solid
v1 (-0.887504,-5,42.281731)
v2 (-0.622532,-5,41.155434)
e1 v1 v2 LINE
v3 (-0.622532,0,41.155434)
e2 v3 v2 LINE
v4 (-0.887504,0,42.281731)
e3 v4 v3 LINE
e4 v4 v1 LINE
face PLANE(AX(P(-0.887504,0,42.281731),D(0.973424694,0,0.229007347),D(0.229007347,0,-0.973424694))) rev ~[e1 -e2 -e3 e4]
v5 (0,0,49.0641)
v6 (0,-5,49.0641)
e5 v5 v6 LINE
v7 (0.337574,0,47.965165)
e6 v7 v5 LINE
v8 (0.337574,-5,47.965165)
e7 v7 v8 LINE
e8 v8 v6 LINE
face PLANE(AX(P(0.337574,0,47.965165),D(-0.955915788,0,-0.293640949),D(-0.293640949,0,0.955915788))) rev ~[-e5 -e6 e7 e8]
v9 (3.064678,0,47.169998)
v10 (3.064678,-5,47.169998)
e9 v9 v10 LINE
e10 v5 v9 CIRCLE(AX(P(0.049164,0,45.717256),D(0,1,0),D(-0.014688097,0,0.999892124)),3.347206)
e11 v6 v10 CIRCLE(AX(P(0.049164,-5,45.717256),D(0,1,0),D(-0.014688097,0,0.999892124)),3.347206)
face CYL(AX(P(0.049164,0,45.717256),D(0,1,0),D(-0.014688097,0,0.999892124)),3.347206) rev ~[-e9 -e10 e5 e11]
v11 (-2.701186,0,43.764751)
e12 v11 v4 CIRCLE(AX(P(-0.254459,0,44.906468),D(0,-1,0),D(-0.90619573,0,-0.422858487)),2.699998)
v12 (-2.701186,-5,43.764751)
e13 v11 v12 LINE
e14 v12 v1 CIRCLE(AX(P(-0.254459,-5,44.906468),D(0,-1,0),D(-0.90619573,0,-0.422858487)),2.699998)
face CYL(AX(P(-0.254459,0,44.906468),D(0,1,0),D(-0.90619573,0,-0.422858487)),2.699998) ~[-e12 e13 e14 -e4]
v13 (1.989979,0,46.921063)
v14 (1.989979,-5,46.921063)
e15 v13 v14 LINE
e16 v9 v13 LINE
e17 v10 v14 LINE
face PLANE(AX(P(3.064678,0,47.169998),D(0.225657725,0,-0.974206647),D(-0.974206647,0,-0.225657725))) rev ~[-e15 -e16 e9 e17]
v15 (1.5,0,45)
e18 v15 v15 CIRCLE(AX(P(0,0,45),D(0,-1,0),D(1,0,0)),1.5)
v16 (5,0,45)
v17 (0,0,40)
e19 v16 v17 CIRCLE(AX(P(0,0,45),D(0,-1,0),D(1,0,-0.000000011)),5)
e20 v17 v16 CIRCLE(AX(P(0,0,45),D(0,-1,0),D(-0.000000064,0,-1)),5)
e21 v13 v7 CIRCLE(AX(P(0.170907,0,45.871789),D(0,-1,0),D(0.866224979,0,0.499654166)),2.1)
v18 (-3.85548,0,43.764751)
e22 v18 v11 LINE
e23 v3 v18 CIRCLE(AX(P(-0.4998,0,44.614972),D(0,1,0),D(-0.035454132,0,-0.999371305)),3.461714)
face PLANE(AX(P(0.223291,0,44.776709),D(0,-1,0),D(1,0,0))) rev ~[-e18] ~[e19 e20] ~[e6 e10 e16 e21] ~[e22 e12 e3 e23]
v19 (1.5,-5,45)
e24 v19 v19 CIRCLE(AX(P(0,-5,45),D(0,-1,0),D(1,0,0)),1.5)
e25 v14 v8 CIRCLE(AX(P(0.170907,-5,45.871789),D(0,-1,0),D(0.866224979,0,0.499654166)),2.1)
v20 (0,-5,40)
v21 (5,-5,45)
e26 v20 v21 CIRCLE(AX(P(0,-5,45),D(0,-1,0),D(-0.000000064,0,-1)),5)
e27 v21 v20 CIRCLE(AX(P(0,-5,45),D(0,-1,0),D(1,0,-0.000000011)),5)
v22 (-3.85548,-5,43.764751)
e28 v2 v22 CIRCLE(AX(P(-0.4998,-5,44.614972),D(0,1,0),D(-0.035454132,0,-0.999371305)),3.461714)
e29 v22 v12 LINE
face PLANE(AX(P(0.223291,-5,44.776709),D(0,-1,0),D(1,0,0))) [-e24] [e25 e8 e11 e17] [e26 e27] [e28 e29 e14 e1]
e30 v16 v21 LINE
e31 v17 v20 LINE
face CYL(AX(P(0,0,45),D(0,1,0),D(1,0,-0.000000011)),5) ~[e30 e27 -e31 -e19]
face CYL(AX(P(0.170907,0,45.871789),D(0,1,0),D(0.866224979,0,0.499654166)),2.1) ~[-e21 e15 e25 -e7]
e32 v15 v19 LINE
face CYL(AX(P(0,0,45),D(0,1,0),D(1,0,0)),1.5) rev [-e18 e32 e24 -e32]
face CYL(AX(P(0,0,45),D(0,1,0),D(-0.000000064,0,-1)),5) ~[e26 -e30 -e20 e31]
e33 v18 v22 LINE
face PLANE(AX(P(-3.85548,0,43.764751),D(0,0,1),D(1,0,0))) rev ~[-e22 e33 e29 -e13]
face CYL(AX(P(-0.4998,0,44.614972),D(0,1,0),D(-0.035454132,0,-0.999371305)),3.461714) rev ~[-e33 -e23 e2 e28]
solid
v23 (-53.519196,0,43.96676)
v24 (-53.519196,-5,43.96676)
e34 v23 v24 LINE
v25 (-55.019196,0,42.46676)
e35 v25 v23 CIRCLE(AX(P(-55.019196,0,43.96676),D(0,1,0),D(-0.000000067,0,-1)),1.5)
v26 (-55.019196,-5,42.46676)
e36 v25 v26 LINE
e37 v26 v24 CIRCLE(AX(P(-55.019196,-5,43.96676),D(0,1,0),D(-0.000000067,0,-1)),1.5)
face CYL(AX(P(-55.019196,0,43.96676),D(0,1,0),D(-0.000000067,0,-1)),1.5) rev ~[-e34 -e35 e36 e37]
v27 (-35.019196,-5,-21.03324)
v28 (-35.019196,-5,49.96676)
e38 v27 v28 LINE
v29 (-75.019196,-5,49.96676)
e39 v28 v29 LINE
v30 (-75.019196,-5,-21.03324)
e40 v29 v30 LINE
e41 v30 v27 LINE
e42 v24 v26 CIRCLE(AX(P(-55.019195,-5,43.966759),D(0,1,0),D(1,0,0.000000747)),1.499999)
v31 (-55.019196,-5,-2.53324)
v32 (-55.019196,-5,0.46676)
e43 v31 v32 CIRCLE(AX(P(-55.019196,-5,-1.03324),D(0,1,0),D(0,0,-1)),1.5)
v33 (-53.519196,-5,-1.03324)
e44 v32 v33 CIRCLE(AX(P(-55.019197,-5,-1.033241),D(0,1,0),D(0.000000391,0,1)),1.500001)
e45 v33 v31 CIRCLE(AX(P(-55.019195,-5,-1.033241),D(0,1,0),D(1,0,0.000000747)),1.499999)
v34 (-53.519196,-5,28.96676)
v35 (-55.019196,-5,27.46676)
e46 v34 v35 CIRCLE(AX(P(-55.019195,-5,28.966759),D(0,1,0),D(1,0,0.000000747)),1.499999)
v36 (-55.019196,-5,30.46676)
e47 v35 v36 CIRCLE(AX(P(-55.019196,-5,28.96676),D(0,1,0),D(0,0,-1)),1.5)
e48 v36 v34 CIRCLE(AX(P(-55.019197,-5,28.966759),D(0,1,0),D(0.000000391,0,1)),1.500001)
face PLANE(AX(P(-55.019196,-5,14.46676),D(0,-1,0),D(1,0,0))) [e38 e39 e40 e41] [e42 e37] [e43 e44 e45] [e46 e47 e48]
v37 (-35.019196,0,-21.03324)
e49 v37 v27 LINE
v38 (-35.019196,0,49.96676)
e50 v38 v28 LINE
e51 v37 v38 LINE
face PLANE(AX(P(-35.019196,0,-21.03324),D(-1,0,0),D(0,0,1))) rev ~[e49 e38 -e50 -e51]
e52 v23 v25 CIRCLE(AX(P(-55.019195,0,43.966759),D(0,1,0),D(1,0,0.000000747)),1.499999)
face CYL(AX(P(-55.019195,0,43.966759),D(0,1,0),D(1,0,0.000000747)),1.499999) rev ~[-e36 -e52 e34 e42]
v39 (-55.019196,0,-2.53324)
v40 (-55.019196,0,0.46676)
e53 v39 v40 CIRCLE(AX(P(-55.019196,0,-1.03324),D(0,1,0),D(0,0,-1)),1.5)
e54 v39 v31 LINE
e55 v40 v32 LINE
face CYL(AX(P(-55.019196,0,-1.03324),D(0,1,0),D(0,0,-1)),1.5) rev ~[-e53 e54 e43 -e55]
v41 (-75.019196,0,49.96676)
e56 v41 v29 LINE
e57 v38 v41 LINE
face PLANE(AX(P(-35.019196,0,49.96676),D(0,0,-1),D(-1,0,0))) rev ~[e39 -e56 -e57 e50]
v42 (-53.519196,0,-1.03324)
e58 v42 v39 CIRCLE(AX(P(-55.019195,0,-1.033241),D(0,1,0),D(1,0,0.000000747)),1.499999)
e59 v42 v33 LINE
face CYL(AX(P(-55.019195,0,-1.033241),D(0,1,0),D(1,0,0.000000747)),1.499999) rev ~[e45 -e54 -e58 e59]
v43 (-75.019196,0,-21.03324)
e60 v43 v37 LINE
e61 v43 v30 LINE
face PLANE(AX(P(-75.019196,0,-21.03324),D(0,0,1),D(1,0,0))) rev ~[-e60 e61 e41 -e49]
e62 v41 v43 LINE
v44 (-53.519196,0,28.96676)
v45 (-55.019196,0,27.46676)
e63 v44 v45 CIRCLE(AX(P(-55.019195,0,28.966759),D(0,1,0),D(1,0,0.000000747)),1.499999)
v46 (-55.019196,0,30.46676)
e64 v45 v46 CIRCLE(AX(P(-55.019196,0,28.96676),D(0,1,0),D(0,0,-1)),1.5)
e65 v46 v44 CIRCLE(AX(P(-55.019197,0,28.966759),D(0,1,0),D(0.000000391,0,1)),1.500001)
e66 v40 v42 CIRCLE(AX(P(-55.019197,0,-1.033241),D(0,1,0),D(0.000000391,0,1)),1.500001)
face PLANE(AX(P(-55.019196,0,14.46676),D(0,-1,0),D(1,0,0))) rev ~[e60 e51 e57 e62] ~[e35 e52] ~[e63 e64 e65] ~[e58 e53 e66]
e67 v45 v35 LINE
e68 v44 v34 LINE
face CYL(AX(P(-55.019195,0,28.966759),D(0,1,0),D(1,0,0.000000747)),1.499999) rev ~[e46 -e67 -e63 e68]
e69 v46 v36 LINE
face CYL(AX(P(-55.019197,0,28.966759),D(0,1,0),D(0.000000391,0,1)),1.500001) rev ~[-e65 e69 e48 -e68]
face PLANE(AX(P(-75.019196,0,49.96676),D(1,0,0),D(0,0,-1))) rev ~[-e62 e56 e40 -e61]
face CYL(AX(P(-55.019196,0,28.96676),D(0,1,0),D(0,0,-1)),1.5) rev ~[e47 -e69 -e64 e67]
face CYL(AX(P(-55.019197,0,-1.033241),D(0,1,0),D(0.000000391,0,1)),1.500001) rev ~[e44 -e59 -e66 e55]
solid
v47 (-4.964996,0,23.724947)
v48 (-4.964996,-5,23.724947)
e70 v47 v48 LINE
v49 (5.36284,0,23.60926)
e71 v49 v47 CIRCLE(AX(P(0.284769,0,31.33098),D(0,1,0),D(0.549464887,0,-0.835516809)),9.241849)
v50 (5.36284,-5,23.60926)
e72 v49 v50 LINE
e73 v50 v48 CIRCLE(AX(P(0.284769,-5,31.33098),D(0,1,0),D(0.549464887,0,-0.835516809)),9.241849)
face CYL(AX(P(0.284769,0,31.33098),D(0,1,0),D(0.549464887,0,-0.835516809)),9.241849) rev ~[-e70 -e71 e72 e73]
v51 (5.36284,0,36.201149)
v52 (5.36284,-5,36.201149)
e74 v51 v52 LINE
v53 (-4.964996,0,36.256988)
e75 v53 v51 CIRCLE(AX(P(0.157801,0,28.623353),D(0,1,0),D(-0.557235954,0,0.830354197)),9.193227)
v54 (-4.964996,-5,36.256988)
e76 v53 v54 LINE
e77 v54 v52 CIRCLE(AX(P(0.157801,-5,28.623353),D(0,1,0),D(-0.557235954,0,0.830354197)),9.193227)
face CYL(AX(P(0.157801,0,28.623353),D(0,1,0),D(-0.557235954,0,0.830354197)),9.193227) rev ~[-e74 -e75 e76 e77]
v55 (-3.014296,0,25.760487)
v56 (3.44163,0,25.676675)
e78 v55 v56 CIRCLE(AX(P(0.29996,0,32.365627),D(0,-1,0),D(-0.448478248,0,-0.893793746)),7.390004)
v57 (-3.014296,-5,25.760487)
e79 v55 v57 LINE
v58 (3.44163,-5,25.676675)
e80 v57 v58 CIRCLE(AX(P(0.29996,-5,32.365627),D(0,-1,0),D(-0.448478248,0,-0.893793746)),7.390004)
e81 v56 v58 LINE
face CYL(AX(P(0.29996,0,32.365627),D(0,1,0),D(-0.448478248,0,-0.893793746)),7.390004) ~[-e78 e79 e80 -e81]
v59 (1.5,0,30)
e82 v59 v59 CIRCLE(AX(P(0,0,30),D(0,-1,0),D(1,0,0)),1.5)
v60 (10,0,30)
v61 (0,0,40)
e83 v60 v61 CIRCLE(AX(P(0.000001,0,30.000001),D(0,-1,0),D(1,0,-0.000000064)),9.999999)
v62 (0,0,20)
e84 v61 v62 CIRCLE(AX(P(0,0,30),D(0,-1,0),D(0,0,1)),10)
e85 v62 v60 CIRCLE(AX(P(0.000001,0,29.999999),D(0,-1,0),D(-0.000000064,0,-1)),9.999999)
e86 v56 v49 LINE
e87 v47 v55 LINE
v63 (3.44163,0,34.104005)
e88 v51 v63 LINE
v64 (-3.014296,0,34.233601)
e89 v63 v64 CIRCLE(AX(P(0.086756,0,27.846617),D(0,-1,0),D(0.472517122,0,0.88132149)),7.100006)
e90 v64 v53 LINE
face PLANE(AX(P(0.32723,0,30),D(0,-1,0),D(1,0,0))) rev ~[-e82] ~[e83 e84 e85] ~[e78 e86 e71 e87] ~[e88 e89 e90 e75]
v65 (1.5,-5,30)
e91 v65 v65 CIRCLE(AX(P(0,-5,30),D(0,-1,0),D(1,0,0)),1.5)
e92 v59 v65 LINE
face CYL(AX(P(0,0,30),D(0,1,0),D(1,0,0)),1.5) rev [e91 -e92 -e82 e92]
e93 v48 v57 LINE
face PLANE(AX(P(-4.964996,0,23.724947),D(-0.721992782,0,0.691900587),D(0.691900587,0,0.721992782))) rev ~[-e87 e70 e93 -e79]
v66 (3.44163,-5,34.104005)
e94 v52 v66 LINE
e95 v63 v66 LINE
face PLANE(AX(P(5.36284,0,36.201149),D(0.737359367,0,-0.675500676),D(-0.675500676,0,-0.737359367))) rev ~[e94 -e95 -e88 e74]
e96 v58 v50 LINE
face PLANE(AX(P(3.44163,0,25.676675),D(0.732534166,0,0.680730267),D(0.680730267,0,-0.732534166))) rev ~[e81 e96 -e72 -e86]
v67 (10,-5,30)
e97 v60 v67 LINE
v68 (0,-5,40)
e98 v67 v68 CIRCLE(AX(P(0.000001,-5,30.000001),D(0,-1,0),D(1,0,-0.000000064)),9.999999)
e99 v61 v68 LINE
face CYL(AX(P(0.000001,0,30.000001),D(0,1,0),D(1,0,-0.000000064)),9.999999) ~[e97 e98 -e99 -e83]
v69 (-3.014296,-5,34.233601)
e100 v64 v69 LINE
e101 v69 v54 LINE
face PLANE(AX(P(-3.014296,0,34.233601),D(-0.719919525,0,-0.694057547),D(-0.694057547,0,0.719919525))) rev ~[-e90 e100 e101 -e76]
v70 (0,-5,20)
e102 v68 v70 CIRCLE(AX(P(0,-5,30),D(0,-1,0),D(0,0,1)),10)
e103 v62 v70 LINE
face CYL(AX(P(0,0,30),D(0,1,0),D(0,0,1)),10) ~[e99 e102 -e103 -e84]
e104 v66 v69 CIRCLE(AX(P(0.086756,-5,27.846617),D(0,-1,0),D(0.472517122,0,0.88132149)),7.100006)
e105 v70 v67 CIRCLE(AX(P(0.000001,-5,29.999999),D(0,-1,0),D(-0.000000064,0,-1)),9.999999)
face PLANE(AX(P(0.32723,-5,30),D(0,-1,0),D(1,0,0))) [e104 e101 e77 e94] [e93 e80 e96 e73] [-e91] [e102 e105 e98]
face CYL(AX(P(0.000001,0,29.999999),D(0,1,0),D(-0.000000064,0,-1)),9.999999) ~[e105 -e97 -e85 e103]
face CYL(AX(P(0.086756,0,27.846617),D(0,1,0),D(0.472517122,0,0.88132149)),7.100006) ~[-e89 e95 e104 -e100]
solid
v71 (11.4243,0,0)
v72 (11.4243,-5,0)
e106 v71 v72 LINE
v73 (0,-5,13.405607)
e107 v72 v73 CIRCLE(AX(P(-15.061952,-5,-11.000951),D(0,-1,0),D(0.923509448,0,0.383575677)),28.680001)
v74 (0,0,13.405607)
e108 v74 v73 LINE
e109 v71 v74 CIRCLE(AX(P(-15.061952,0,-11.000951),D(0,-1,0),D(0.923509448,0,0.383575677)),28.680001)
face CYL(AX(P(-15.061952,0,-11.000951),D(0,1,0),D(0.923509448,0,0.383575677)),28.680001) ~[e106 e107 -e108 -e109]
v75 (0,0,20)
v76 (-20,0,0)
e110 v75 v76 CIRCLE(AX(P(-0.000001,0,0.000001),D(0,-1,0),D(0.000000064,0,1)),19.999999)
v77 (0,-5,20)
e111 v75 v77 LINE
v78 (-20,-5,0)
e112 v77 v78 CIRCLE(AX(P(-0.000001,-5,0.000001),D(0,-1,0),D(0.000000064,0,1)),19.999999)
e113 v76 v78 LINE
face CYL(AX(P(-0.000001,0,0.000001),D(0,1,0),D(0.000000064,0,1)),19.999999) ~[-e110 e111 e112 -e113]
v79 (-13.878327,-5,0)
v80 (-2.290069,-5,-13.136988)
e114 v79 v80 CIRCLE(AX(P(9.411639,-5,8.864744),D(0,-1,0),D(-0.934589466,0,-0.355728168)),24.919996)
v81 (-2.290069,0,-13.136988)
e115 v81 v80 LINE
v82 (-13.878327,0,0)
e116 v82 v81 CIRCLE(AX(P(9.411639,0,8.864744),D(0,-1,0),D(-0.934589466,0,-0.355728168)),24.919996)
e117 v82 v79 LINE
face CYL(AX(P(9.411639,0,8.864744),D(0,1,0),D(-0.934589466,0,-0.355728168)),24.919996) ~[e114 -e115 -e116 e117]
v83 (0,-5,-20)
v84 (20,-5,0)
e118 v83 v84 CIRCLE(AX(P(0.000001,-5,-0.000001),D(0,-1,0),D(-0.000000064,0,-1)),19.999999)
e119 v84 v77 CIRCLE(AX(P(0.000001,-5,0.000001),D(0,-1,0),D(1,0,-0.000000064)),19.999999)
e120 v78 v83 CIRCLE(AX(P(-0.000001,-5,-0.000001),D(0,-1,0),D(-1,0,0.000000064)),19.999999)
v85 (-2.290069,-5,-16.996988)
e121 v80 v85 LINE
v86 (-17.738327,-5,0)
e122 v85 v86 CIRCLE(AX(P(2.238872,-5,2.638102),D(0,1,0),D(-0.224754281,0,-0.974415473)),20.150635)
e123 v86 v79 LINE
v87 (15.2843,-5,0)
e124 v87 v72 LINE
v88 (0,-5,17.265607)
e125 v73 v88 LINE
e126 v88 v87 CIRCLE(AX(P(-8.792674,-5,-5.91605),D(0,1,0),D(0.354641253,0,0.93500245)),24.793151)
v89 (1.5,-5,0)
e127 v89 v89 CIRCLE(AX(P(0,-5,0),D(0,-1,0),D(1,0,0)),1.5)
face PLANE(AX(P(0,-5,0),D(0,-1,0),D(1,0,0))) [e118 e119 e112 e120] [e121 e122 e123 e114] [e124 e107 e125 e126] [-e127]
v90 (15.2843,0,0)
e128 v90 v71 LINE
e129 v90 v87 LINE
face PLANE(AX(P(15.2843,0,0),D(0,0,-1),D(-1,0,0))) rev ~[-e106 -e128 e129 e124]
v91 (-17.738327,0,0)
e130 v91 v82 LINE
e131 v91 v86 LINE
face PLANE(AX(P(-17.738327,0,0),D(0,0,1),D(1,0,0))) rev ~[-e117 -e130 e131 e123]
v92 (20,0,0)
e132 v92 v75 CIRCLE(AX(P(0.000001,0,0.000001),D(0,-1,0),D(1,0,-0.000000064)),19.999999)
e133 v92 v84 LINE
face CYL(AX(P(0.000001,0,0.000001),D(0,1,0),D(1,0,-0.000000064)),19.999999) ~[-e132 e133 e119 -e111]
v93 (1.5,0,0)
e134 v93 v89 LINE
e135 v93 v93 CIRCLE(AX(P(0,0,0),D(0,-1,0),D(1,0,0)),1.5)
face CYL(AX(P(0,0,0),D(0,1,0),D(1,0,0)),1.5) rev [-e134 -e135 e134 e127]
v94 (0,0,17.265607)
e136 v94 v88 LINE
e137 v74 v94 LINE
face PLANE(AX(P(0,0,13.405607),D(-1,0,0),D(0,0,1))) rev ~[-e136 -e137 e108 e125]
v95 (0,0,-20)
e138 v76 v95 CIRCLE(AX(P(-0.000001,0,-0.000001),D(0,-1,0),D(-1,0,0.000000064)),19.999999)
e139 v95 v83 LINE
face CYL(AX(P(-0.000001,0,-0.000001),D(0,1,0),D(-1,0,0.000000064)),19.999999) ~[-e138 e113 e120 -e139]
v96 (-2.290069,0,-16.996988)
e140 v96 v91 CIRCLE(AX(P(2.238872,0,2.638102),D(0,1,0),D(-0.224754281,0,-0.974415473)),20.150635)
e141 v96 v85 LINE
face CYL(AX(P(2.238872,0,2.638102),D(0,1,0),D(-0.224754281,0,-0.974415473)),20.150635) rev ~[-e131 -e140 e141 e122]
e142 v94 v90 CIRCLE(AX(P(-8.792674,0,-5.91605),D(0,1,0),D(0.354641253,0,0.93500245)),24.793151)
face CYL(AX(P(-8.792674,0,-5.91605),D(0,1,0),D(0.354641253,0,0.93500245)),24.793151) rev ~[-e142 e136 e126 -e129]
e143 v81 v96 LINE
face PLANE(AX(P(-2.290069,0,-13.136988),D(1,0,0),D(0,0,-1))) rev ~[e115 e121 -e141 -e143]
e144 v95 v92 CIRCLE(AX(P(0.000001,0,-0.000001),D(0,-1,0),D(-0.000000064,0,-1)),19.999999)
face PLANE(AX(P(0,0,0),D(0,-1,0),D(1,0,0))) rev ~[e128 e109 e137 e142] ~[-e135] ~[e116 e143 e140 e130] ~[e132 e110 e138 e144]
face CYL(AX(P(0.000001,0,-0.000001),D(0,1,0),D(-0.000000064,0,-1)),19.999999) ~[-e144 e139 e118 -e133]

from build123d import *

# Parameters (mm, degrees)
F0_R     = 1.5
F1_DEPTH = 5
F2_DEPTH = 5
F3_DEPTH = 5
F4_DEPTH = 5


with BuildPart() as f1:
    # F0 (on Front) → F1 (new body)
    with BuildSketch(Plane.XZ):
        with BuildLine():
            ThreePointArc((-20, 0), (-14.142136, -14.142136), (0, -20))
            ThreePointArc((0, -20), (14.142136, -14.142136), (20, 0))
            ThreePointArc((20, 0), (14.142136, 14.142136), (0, 20))
            ThreePointArc((0, 20), (-14.142136, 14.142136), (-20, 0))
        make_face()
        with BuildLine():
            ThreePointArc((-2.290069, -16.996988), (-12.67294, -10.914976), (-17.738327, 0))
            Line((-17.738327, 0), (-13.878327, 0))
            ThreePointArc((-13.878327, 0), (-9.276577, -7.620303), (-2.290069, -13.136988))
            Line((-2.290069, -13.136988), (-2.290069, -16.996988))
        make_face(mode=Mode.SUBTRACT)
        Circle(F0_R, mode=Mode.SUBTRACT)
        with BuildLine():
            ThreePointArc((0, 17.265607), (9.771505, 10.517805), (15.2843, 0))
            Line((15.2843, 0), (11.4243, 0))
            ThreePointArc((11.4243, 0), (6.766719, 7.601511), (0, 13.405607))
            Line((0, 13.405607), (0, 17.265607))
        make_face(mode=Mode.SUBTRACT)
    extrude(amount=F1_DEPTH)

    # F0 (on Front) → F2 (join)
    with BuildSketch(Plane.XZ):
        with BuildLine():
            ThreePointArc((0, 40), (-10, 30), (0, 20))
            ThreePointArc((0, 20), (7.071068, 22.928932), (10, 30))
            ThreePointArc((10, 30), (7.071068, 37.071068), (0, 40))
        make_face()
        with BuildLine():
            ThreePointArc((5.36284, 23.60926), (0.181253, 22.089711), (-4.964996, 23.724947))
            Line((-4.964996, 23.724947), (-3.014296, 25.760487))
            ThreePointArc((-3.014296, 25.760487), (0.20403, 24.976245), (3.44163, 25.676675))
            Line((3.44163, 25.676675), (5.36284, 23.60926))
        make_face(mode=Mode.SUBTRACT)
        with Locations((0, 30)):
            Circle(F0_R, mode=Mode.SUBTRACT)
        with BuildLine():
            ThreePointArc((-4.964996, 36.256988), (0.207504, 37.816446), (5.36284, 36.201149))
            Line((5.36284, 36.201149), (3.44163, 34.104005))
            ThreePointArc((3.44163, 34.104005), (0.229253, 34.945193), (-3.014296, 34.233601))
            Line((-3.014296, 34.233601), (-4.964996, 36.256988))
        make_face(mode=Mode.SUBTRACT)
    extrude(amount=F2_DEPTH)

    # F0 (on Front) → F3 (join)
    with BuildSketch(Plane.XZ):
        with BuildLine():
            ThreePointArc((5, 45), (-3.535534, 48.535534), (0, 40))
            ThreePointArc((0, 40), (3.535534, 41.464466), (5, 45))
        make_face()
        with BuildLine():
            ThreePointArc((-0.622532, 41.155434), (-2.67396, 41.921184), (-3.85548, 43.764751))
            Line((-3.85548, 43.764751), (-2.701186, 43.764751))
            ThreePointArc((-2.701186, 43.764751), (-1.963578, 42.816276), (-0.887504, 42.281731))
            Line((-0.887504, 42.281731), (-0.622532, 41.155434))
        make_face(mode=Mode.SUBTRACT)
        with Locations((0, 45)):
            Circle(F0_R, mode=Mode.SUBTRACT)
        with BuildLine():
            ThreePointArc((0, 49.0641), (1.808913, 48.564547), (3.064678, 47.169998))
            Line((3.064678, 47.169998), (1.989979, 46.921063))
            ThreePointArc((1.989979, 46.921063), (1.292659, 47.647084), (0.337574, 47.965165))
            Line((0.337574, 47.965165), (0, 49.0641))
        make_face(mode=Mode.SUBTRACT)
    extrude(amount=F3_DEPTH)


with BuildPart() as f4:
    # F0 (on Front) → F4 (new body)
    with BuildSketch(Plane.XZ):
        Polygon((-35.019196, 49.96676), (-75.019196, 49.96676), (-75.019196, -21.03324), (-55.019196, -21.03324), (-35.019196, -21.03324), align=None)
        with BuildLine():
            ThreePointArc((-53.519196, -1.03324), (-53.958536, -2.093901), (-55.019196, -2.53324))
            ThreePointArc((-55.019196, -2.53324), (-56.519196, -1.03324), (-55.019196, 0.46676))
            ThreePointArc((-55.019196, 0.46676), (-53.958536, 0.02742), (-53.519196, -1.03324))
        make_face(mode=Mode.SUBTRACT)
        with BuildLine():
            ThreePointArc((-53.519196, 28.96676), (-53.958536, 27.906099), (-55.019196, 27.46676))
            ThreePointArc((-55.019196, 27.46676), (-56.519196, 28.96676), (-55.019196, 30.46676))
            ThreePointArc((-55.019196, 30.46676), (-53.958536, 30.02742), (-53.519196, 28.96676))
        make_face(mode=Mode.SUBTRACT)
        with BuildLine():
            ThreePointArc((-53.519196, 43.96676), (-53.958536, 42.906099), (-55.019196, 42.46676))
            ThreePointArc((-55.019196, 42.46676), (-56.079856, 45.02742), (-53.519196, 43.96676))
        make_face(mode=Mode.SUBTRACT)
    extrude(amount=F4_DEPTH)


solid = Compound([f1.part, f4.part])
